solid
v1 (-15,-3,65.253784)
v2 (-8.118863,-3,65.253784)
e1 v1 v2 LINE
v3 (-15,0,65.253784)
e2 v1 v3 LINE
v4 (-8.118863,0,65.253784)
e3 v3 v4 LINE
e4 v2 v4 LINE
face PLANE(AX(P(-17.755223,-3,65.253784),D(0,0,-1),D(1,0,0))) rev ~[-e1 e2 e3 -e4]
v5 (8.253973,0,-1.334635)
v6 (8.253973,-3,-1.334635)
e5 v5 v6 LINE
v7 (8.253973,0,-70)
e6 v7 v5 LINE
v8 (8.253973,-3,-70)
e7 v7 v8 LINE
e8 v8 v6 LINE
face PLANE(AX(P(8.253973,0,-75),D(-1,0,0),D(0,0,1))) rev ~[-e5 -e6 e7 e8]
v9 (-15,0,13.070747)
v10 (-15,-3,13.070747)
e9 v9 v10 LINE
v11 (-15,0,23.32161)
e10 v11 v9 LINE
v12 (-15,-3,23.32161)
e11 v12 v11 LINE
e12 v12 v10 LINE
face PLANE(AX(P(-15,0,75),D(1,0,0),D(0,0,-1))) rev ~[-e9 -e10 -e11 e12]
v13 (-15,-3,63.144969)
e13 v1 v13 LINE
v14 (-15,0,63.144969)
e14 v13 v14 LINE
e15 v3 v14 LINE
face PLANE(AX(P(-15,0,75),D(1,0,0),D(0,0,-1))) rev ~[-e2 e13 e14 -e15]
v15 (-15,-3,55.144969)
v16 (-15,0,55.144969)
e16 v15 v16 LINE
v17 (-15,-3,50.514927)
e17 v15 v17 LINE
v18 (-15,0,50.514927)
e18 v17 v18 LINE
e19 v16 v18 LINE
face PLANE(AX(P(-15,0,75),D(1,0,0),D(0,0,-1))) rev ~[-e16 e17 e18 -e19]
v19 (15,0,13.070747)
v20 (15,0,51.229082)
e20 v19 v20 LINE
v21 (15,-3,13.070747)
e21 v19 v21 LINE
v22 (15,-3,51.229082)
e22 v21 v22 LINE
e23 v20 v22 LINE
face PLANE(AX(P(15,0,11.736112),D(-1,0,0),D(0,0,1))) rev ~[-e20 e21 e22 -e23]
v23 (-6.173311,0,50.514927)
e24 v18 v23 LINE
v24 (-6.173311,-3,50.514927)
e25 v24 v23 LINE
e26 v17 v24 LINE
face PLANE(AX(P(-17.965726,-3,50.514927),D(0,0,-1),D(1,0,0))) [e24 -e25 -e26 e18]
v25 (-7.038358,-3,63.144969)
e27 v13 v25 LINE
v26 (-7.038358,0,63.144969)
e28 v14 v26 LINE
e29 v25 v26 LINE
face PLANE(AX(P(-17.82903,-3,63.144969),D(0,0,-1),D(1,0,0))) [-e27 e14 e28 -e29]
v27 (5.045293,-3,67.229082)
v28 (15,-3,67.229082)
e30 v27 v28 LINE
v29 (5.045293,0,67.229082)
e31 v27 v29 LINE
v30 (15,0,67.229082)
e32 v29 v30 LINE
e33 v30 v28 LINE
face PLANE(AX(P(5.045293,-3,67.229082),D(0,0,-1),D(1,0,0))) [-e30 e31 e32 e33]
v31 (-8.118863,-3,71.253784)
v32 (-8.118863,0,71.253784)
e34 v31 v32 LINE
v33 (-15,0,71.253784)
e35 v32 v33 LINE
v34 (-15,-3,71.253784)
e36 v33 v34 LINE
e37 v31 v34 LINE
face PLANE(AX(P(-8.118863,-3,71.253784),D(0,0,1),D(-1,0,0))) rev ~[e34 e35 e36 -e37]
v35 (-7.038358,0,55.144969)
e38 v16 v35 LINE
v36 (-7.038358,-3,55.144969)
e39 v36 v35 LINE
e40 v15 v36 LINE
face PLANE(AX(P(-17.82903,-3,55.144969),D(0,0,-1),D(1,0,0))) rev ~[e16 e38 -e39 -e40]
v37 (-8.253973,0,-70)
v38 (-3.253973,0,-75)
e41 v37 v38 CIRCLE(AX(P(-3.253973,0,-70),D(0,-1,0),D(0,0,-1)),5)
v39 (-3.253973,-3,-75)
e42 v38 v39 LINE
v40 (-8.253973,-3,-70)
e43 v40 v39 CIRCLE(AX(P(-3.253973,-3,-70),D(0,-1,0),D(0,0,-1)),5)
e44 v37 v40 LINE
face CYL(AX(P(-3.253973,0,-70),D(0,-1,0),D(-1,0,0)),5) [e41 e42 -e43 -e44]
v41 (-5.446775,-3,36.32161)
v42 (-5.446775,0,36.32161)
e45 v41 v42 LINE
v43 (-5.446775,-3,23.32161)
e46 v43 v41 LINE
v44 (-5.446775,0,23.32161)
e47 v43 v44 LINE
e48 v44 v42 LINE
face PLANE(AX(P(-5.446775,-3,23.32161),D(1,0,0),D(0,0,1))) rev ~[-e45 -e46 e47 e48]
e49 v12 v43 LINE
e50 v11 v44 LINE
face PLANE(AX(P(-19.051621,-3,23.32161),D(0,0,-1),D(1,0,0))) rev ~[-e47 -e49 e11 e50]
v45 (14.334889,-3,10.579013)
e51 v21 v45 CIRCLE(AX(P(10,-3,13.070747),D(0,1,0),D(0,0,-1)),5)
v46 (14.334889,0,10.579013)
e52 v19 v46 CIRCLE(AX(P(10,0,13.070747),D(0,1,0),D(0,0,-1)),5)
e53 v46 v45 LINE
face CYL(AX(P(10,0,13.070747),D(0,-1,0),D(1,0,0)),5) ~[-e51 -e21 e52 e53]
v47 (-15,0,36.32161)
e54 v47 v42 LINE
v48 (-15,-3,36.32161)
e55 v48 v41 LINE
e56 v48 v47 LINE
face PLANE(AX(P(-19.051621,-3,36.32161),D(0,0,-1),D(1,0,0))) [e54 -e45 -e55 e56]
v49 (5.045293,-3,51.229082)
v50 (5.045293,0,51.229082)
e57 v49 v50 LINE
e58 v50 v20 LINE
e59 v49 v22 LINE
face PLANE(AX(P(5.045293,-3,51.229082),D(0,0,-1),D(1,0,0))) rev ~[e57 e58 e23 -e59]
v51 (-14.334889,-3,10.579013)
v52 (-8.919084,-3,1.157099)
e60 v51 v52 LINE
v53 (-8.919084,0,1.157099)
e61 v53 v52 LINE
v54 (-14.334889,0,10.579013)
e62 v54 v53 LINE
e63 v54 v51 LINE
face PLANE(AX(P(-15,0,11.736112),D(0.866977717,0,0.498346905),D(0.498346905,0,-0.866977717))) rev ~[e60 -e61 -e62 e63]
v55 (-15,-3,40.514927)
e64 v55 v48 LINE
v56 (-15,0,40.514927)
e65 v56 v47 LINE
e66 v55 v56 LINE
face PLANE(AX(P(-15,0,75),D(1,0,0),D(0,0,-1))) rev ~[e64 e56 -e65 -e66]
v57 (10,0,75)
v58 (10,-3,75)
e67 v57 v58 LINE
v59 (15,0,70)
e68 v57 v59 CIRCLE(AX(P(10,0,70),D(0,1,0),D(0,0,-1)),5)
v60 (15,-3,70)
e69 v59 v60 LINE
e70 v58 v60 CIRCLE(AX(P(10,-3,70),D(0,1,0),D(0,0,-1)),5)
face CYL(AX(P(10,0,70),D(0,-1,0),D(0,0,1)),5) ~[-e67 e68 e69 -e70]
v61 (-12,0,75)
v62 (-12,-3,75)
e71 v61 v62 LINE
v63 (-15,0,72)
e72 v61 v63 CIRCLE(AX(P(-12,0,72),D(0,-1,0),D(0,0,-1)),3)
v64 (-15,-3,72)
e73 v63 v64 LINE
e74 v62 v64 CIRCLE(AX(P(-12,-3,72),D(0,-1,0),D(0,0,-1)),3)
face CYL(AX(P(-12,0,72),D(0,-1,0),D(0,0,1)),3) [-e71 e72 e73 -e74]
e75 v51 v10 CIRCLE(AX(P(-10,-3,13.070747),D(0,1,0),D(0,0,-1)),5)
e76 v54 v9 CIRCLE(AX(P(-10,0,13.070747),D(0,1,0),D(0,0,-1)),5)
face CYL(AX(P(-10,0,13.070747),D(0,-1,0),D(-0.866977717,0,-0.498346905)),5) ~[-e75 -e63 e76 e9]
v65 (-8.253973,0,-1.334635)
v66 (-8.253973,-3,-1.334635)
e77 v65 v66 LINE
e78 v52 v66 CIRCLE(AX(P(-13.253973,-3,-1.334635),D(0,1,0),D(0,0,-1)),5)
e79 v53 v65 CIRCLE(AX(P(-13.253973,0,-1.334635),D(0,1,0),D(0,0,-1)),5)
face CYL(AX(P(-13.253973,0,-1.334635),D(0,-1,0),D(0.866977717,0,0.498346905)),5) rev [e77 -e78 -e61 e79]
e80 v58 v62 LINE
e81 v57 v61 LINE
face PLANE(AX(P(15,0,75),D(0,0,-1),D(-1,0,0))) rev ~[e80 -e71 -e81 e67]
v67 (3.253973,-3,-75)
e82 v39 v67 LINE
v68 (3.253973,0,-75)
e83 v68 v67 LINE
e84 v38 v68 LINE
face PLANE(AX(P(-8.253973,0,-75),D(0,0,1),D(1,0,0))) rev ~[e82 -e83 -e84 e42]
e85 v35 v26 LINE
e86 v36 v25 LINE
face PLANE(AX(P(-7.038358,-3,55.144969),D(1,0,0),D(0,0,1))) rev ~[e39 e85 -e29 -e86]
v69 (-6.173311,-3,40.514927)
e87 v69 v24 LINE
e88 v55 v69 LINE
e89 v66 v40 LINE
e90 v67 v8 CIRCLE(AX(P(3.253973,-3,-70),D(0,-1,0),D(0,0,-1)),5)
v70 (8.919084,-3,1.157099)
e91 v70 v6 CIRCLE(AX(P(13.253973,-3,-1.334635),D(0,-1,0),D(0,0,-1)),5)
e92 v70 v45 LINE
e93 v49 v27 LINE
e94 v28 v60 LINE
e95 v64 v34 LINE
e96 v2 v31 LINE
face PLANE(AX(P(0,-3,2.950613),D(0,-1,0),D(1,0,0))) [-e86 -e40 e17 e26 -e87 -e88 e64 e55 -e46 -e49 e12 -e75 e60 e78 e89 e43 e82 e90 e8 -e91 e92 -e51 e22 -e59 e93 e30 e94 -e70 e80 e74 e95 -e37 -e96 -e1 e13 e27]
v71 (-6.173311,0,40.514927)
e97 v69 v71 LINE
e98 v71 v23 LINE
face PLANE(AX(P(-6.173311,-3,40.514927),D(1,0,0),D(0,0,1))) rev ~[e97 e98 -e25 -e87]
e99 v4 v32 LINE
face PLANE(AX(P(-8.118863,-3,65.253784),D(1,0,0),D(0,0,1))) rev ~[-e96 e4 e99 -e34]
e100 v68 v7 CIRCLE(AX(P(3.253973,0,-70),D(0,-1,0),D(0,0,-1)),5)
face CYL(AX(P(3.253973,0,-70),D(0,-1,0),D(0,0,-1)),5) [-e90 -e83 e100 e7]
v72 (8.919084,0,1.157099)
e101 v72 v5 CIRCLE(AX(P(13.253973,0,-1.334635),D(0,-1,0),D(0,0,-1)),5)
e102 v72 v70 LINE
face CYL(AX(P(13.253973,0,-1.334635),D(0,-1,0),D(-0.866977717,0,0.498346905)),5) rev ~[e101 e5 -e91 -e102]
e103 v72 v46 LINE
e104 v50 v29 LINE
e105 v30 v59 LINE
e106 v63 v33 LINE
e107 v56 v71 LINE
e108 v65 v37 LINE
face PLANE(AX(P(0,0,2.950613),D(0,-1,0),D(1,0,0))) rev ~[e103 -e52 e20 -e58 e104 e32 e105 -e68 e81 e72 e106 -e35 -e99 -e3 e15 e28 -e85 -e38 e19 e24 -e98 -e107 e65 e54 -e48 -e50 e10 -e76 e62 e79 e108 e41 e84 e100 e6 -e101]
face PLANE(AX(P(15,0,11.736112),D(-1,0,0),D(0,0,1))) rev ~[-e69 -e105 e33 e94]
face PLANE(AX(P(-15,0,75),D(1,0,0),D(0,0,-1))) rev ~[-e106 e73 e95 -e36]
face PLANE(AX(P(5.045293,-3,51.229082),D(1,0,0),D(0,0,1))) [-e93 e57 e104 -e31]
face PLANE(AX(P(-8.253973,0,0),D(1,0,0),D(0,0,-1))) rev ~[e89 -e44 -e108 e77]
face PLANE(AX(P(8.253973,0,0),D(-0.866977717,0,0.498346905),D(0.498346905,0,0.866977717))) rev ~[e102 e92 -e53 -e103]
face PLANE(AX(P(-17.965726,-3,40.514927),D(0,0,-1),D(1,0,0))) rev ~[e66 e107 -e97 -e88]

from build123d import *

# Parameters (mm, degrees)
F1_DEPTH = 3
F2_W     = 10.790673
F2_H     = 8
F2_W_2   = 11.792415
F2_H_2   = 10
F2_W_3   = 13.604847
F2_H_3   = 13
F2_W_4   = 18.819063
F2_H_4   = 16
F3_DEPTH = 25
F4_R     = 5
F5_R     = 3
F6_R     = 5
F7_R     = 5
F8_R     = 5
F9_R     = 5
F10_R    = 5
F11_R    = 5


with BuildPart() as f1:
    # F0 (on Front) → F1 (new body)
    with BuildSketch(Plane.XZ):
        Polygon((15, 75), (-15, 75), (-15, 11.736112), (-8.253973, 0), (-8.253973, -75), (0, -75), (8.253973, -75), (8.253973, 0), (15, 11.736112), align=None)
    extrude(amount=F1_DEPTH)

    # F2 (on face) → F3 (cut)
    with BuildSketch(Plane.XZ.offset(3)):
        Polygon((-8.118863, 71.253784), (-15, 71.253784), (-17.755223, 71.253784), (-17.755223, 65.253784), (-8.118863, 65.253784), align=None)
        with Locations((-12.433694, 59.144969)):
            Rectangle(F2_W, F2_H)
        with Locations((-12.069519, 45.514927)):
            Rectangle(F2_W_2, F2_H_2)
        with Locations((-12.249198, 29.82161)):
            Rectangle(F2_W_3, F2_H_3)
        with Locations((14.454825, 59.229082)):
            Rectangle(F2_W_4, F2_H_4)
    extrude(amount=-F3_DEPTH, mode=Mode.SUBTRACT)

    # F4
    f4_edges = [f1.edges().sort_by_distance(p)[0] for p in [
        (15, -1.5, 75),
    ]]
    fillet(f4_edges, radius=F4_R)

    # F5
    f5_edges = [f1.edges().sort_by_distance(p)[0] for p in [
        (-15, -1.5, 75),
    ]]
    fillet(f5_edges, radius=F5_R)

    # F6
    f6_edges = [f1.edges().sort_by_distance(p)[0] for p in [
        (15, -1.5, 11.736112),
    ]]
    fillet(f6_edges, radius=F6_R)

    # F7
    f7_edges = [f1.edges().sort_by_distance(p)[0] for p in [
        (8.253973, -1.5, 0),
    ]]
    fillet(f7_edges, radius=F7_R)

    # F8
    f8_edges = [f1.edges().sort_by_distance(p)[0] for p in [
        (-15, -1.5, 11.736112),
    ]]
    fillet(f8_edges, radius=F8_R)

    # F9
    f9_edges = [f1.edges().sort_by_distance(p)[0] for p in [
        (-8.253973, -1.5, 0),
    ]]
    fillet(f9_edges, radius=F9_R)

    # F10
    f10_edges = [f1.edges().sort_by_distance(p)[0] for p in [
        (-8.253973, -1.5, -75),
    ]]
    fillet(f10_edges, radius=F10_R)

    # F11
    f11_edges = [f1.edges().sort_by_distance(p)[0] for p in [
        (8.253973, -1.5, -75),
    ]]
    fillet(f11_edges, radius=F11_R)


solid = f1.part
